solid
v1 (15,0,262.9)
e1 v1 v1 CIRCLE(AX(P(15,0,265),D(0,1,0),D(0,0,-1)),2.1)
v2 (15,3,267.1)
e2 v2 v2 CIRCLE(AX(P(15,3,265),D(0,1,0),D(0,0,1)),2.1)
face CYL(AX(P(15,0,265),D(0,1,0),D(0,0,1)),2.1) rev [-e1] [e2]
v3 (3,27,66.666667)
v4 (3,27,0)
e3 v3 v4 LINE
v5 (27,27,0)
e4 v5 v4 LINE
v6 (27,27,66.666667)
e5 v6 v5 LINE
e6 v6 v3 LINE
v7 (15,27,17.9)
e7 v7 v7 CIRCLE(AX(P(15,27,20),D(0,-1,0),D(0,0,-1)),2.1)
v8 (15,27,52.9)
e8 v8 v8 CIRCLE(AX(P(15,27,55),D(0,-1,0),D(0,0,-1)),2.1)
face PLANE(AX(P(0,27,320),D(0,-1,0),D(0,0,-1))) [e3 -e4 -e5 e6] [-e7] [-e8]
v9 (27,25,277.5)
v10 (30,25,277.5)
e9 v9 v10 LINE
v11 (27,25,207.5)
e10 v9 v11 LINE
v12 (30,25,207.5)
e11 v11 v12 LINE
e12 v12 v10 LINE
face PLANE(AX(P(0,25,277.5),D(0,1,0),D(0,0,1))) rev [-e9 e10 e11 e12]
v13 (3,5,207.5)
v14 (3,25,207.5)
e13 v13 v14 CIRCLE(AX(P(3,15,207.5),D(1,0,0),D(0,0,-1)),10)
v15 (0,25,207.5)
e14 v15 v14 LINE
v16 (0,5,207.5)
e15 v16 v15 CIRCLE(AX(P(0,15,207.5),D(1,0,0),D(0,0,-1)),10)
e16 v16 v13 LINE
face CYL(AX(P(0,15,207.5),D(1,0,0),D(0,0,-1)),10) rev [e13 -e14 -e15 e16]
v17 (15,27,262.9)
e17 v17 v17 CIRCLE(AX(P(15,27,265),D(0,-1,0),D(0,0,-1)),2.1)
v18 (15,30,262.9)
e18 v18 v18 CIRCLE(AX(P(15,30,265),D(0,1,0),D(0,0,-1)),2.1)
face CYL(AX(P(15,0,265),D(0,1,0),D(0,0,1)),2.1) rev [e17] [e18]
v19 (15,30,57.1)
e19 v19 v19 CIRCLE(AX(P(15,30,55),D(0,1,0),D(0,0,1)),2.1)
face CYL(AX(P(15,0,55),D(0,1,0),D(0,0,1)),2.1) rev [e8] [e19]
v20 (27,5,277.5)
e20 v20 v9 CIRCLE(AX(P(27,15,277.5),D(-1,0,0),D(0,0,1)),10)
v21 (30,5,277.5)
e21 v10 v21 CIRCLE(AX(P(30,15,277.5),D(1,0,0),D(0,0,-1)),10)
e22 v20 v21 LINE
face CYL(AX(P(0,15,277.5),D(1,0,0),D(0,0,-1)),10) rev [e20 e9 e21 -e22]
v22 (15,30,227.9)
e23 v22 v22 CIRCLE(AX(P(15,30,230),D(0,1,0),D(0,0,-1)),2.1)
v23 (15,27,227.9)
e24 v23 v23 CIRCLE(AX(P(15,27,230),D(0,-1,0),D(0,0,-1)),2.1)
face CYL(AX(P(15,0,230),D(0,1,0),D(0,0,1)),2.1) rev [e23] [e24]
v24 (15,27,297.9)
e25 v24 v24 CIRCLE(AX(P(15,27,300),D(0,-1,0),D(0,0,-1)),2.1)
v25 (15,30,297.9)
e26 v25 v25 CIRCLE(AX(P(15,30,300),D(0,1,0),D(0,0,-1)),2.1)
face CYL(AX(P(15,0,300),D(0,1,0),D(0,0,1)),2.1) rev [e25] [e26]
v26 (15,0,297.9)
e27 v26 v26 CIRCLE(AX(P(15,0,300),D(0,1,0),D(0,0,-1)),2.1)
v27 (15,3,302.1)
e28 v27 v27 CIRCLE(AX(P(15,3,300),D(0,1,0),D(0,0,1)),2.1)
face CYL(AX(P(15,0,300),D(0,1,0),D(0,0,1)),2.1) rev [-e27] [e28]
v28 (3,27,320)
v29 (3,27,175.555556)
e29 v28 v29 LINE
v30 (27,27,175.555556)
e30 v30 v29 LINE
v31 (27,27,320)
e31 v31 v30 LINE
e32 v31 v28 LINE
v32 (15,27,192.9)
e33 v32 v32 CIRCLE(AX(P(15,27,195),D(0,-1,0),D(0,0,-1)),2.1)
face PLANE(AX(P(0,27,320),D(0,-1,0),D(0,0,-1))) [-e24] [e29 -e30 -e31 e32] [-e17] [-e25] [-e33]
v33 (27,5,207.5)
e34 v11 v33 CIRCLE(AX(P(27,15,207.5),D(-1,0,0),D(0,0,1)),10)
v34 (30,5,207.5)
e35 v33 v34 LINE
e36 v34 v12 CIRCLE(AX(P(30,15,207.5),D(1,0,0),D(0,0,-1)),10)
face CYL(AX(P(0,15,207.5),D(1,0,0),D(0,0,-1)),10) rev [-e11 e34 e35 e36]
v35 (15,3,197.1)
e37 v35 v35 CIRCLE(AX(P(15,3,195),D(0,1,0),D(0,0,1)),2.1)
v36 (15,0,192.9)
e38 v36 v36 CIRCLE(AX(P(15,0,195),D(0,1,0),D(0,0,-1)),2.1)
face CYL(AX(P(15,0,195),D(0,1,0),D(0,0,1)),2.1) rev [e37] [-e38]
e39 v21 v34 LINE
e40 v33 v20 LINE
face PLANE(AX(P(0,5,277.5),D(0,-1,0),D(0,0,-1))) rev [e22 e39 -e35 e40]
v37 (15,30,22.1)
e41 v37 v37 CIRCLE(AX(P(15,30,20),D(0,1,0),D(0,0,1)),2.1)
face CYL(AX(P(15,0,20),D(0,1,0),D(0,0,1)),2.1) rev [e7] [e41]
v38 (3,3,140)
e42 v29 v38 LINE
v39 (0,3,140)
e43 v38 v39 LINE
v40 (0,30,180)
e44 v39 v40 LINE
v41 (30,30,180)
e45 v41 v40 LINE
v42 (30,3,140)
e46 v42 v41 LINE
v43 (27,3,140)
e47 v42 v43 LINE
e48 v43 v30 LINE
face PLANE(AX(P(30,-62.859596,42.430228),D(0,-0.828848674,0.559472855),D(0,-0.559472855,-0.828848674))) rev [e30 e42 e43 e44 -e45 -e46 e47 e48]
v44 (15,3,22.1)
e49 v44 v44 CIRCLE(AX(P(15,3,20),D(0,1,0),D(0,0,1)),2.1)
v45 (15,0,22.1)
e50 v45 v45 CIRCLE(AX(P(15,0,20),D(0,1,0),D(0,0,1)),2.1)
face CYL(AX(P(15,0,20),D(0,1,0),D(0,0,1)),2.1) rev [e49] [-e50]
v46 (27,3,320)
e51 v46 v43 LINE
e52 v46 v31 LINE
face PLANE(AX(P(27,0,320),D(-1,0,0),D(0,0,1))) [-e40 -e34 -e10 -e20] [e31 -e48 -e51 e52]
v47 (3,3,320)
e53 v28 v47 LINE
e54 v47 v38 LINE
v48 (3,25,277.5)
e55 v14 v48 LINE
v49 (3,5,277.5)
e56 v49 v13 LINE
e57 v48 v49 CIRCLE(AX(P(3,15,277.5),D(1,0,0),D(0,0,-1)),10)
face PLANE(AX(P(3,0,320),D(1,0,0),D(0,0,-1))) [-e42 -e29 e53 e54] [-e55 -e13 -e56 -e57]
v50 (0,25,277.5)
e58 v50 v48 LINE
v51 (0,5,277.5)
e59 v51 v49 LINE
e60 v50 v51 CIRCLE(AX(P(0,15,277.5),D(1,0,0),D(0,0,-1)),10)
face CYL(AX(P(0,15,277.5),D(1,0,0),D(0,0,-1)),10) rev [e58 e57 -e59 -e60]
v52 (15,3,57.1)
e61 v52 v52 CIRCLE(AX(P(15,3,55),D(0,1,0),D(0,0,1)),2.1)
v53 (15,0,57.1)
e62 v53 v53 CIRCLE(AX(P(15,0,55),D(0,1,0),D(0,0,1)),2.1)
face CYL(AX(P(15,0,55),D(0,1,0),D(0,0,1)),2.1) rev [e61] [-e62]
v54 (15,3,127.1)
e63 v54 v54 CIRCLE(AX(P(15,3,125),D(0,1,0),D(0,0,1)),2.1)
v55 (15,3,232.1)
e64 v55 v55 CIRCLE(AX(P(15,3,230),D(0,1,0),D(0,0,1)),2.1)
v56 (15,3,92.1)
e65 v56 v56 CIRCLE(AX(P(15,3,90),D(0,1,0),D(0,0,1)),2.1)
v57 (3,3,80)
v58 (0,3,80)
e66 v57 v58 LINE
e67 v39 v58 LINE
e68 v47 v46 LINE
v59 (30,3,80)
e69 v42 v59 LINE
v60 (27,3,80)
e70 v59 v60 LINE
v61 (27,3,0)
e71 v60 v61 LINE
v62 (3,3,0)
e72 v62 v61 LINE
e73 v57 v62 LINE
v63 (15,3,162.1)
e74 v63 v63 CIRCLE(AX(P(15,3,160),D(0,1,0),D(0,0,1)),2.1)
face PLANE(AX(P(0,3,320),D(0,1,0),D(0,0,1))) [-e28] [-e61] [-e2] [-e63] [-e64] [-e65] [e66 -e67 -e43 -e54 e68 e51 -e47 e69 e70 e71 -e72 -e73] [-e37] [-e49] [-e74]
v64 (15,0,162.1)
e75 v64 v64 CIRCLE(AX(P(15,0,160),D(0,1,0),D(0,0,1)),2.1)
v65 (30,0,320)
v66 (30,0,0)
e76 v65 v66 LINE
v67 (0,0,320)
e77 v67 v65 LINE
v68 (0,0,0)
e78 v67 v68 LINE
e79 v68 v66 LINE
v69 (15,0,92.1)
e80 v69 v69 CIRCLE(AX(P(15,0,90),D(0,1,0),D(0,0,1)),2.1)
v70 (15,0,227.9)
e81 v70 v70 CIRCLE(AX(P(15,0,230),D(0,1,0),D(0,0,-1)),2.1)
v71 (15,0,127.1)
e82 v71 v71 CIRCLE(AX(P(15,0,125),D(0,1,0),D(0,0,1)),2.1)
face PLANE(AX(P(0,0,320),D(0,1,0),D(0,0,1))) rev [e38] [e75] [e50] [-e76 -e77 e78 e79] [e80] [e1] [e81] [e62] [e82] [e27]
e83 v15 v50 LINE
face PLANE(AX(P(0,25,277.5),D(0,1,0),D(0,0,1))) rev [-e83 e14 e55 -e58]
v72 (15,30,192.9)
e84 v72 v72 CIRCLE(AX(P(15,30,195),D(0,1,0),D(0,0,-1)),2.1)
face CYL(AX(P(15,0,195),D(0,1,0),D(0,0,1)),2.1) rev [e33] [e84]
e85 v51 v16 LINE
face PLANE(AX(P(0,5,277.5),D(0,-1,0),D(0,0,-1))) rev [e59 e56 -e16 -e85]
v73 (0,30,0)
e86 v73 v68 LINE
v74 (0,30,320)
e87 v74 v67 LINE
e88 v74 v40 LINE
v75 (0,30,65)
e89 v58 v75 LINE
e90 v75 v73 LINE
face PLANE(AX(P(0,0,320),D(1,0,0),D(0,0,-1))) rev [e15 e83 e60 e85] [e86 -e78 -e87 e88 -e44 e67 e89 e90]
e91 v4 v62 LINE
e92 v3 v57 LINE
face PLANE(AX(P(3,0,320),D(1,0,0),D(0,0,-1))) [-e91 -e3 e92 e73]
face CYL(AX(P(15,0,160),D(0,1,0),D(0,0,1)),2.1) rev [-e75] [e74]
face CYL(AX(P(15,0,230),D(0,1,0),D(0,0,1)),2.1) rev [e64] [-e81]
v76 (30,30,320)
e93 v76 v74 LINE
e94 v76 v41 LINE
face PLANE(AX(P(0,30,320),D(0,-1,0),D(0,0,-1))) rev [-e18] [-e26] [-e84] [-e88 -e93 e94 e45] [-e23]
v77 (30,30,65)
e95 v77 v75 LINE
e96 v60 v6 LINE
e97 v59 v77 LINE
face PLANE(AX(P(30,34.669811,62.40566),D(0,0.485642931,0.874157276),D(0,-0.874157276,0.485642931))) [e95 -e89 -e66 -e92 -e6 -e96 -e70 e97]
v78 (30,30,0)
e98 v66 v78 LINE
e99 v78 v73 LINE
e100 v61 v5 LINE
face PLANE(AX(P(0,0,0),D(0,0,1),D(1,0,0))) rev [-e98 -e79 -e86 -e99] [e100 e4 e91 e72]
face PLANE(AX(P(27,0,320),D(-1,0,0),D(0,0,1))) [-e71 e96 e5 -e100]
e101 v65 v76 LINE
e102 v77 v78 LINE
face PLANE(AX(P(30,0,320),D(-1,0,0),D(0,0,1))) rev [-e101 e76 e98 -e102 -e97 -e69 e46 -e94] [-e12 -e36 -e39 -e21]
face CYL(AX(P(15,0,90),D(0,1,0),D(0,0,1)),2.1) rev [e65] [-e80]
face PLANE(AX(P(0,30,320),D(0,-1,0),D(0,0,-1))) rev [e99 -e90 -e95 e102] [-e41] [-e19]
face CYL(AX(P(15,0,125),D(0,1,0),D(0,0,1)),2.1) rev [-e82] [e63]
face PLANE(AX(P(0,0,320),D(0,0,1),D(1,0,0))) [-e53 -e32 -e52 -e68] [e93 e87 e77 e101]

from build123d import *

# Parameters (mm, degrees)
SKETCH_1_W          = 30
SKETCH_1_H          = 30
SKETCH_1_W_2        = 24
SKETCH_1_H_2        = 24
EXTRUDE_1_DEPTH     = 320
CUT_EXTRUDE_1_DEPTH = 323.800247831
SKETCH_3_R          = 2.1
CUT_EXTRUDE_2_DEPTH = 323.800247831
CUT_EXTRUDE_4_DEPTH = 323.800247831


with BuildPart() as part:
    # 草图1 → 拉伸-薄壁1 (new body)
    with BuildSketch(Plane.XY):
        with Locations((15, 15)):
            Rectangle(SKETCH_1_W, SKETCH_1_H)
        with Locations((15, 15)):
            Rectangle(SKETCH_1_W_2, SKETCH_1_H_2, mode=Mode.SUBTRACT)
    extrude(amount=EXTRUDE_1_DEPTH)

    # 草图2 → 切除-拉伸1 (cut, through all)
    with BuildSketch(Plane(origin=(30, 0, 0), x_dir=(0, 0, -1), z_dir=(1, 0, 0))):
        with BuildLine():
            Line((-277.5, 25), (-207.5, 25))
            ThreePointArc((-207.5, 25), (-197.5, 15), (-207.5, 5))
            Line((-207.5, 5), (-277.5, 5))
            ThreePointArc((-277.5, 5), (-287.5, 15), (-277.5, 25))
        make_face()
    extrude(amount=-CUT_EXTRUDE_1_DEPTH, mode=Mode.SUBTRACT)

    # 草图3 → 切除-拉伸2 (cut, through all)
    with BuildSketch(Plane(origin=(0, 30, 0), x_dir=(1, 0, 0), z_dir=(0, 1, 0))):
        with Locations(Location((15, -20, 0), (0, 0, 270))):
            Circle(SKETCH_3_R)
        with Locations(Location((15, -55, 0), (0, 0, 270))):
            Circle(SKETCH_3_R)
        with Locations(Location((15, -90, 0), (0, 0, 270))):
            Circle(SKETCH_3_R)
        with Locations(Location((15, -125, 0), (0, 0, 270))):
            Circle(SKETCH_3_R)
        with Locations(Location((15, -300, 0), (0, 0, 90))):
            Circle(SKETCH_3_R)
        with Locations(Location((15, -265, 0), (0, 0, 90))):
            Circle(SKETCH_3_R)
        with Locations(Location((15, -230, 0), (0, 0, 90))):
            Circle(SKETCH_3_R)
        with Locations(Location((15, -195, 0), (0, 0, 90))):
            Circle(SKETCH_3_R)
        with Locations(Location((15, -160, 0), (0, 0, 270))):
            Circle(SKETCH_3_R)
    extrude(amount=-CUT_EXTRUDE_2_DEPTH, mode=Mode.SUBTRACT)

    # 草图4 → 切除-拉伸4 (cut, through all)
    with BuildSketch(Plane(origin=(0, 0, 0), x_dir=(0, 0, -1), z_dir=(1, 0, 0))):
        Polygon((-180, 30), (-140, 3), (-80, 3), (-65, 30), align=None)
    extrude(amount=CUT_EXTRUDE_4_DEPTH, mode=Mode.SUBTRACT)


solid = part.part
